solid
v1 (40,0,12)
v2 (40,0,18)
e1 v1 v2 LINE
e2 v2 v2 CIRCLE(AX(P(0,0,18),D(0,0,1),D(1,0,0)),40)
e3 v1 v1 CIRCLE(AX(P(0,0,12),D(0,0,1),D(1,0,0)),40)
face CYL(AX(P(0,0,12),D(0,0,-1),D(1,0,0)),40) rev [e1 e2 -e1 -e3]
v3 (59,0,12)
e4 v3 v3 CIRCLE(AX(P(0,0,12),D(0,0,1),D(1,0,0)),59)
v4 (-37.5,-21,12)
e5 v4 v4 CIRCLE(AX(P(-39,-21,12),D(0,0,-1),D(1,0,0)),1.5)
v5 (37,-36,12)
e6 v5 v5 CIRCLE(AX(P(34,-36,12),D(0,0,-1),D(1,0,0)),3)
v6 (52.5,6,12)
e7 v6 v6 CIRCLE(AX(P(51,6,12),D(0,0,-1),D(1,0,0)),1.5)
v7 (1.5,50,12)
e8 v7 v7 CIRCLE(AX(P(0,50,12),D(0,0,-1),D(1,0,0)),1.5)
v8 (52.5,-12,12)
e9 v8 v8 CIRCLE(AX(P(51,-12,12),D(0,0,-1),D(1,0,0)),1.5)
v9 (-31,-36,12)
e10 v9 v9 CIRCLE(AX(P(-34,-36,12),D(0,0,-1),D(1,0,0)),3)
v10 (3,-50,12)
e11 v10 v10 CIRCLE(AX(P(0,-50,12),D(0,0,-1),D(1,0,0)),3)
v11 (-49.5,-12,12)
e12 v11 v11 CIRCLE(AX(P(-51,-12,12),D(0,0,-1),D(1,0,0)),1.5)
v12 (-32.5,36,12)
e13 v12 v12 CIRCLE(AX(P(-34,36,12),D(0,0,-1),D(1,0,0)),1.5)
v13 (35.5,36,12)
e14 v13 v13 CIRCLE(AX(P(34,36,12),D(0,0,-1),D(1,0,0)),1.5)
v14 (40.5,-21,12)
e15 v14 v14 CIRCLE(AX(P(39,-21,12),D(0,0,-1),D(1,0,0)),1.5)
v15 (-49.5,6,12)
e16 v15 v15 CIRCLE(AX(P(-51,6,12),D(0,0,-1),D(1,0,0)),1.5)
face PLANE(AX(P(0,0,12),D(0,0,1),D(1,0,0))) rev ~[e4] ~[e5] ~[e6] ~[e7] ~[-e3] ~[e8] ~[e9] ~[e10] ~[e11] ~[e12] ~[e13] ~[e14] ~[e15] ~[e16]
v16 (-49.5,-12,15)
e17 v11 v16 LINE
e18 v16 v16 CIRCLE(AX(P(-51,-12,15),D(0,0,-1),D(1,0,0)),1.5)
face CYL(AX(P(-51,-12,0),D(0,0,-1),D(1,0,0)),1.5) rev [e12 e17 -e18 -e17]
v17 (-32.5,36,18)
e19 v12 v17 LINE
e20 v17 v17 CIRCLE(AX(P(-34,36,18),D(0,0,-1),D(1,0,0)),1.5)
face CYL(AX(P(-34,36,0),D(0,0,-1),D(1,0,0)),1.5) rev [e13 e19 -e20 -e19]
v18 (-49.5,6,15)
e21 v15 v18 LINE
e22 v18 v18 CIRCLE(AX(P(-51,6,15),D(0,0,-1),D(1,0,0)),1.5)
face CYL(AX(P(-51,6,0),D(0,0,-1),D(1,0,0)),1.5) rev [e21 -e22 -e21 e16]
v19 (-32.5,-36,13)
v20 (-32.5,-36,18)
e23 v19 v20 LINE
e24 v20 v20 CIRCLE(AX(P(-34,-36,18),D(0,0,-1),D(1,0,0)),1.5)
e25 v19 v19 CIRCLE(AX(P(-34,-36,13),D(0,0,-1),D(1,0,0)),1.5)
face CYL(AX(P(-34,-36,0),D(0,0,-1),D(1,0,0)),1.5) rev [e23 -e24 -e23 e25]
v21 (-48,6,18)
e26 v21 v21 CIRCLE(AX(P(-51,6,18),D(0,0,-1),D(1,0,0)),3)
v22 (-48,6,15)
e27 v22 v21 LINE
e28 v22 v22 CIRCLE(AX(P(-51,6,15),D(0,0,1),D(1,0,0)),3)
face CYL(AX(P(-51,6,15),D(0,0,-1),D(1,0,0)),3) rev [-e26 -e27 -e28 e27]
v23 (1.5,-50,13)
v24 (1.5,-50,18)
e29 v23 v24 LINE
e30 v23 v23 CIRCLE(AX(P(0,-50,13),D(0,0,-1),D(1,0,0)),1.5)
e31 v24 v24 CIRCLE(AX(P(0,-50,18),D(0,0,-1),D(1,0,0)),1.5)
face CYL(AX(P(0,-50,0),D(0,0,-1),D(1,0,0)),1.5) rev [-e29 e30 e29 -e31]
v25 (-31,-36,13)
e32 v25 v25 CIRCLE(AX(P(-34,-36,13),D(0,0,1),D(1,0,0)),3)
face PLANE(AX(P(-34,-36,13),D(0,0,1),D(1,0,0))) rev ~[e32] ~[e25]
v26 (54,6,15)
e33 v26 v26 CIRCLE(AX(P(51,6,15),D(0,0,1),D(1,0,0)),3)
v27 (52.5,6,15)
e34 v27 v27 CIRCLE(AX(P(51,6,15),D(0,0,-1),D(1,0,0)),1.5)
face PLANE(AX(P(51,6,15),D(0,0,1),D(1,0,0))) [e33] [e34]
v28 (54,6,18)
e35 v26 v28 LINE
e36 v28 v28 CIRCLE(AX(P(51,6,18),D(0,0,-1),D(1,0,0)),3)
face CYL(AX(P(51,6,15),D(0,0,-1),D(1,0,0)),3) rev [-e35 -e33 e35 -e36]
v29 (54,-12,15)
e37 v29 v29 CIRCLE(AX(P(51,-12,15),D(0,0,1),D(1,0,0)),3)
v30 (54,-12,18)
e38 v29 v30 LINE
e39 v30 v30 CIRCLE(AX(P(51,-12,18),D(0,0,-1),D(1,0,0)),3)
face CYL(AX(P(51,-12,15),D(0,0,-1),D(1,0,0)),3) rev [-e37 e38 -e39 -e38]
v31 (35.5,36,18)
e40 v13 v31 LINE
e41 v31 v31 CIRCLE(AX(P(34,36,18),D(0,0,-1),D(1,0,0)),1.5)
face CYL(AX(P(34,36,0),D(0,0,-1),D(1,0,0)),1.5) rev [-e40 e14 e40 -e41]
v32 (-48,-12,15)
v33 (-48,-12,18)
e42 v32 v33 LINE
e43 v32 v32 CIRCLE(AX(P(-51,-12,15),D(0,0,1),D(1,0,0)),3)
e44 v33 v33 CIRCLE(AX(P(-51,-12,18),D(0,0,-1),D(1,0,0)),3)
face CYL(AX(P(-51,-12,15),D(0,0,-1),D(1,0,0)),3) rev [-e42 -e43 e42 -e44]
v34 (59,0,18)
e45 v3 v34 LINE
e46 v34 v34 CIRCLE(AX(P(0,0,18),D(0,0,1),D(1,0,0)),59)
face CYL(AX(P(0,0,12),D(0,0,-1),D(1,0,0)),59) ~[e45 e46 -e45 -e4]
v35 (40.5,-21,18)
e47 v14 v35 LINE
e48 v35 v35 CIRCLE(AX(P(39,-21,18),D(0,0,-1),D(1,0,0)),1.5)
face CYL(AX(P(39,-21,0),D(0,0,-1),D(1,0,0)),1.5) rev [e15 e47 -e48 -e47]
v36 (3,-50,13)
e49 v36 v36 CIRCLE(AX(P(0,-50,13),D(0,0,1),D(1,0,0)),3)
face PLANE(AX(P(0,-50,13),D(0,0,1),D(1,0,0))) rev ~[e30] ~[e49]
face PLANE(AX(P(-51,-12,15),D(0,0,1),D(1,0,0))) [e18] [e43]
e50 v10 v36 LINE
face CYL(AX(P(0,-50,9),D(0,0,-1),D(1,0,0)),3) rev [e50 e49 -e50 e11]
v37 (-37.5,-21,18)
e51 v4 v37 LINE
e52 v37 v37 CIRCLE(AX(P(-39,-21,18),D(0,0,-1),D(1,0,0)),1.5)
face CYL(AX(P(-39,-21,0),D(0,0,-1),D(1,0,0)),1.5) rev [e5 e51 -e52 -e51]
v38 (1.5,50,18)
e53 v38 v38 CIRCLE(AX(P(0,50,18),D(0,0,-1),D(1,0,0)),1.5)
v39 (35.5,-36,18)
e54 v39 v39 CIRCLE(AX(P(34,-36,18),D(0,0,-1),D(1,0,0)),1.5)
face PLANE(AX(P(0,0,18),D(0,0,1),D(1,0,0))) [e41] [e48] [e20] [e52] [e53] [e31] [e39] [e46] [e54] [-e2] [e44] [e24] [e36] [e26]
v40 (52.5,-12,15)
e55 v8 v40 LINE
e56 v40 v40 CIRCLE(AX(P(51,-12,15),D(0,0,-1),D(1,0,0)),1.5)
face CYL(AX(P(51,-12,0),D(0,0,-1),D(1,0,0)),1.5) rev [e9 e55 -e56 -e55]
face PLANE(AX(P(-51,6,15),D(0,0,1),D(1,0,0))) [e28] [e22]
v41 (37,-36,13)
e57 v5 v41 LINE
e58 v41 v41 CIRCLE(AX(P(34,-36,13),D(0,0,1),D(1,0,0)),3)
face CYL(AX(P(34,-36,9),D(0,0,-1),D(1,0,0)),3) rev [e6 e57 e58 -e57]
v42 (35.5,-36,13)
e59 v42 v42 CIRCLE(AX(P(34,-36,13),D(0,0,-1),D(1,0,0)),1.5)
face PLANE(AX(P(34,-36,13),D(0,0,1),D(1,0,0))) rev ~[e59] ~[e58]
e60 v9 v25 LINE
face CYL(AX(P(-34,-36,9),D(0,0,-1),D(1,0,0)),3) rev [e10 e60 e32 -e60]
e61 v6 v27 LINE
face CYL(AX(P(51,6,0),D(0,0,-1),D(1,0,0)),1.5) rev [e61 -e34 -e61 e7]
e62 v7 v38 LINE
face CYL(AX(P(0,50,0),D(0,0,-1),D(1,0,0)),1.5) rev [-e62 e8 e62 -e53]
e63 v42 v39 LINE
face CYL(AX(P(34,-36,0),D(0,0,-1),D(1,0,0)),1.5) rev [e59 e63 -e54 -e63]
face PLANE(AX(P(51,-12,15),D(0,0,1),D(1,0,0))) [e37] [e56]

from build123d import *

# Parameters (mm, degrees)
CYLINDER531_R     = 1.5
CYLINDER531_DEPTH = 100
CYLINDER530_R     = 1.5
CYLINDER530_DEPTH = 100
CYLINDER368_R     = 1.5
CYLINDER368_DEPTH = 50
CYLINDER369_R     = 3
CYLINDER369_DEPTH = 4
CYLINDER366_R     = 1.5
CYLINDER366_DEPTH = 50
CYLINDER358_R     = 1.5
CYLINDER358_DEPTH = 50
CYLINDER357_R     = 1.5
CYLINDER357_DEPTH = 50
CYLINDER361_R     = 3
CYLINDER361_DEPTH = 4
CYLINDER362_R     = 3
CYLINDER362_DEPTH = 4
CYLINDER332_R     = 3
CYLINDER332_DEPTH = 4
CYLINDER333_R     = 3
CYLINDER333_DEPTH = 4
CYLINDER352_R     = 3
CYLINDER352_DEPTH = 4
CYLINDER351_R     = 3
CYLINDER351_DEPTH = 4
CYLINDER344_R     = 1.5
CYLINDER344_DEPTH = 50
CYLINDER343_R     = 1.5
CYLINDER343_DEPTH = 50
CYLINDER340_R     = 1.5
CYLINDER340_DEPTH = 50
CYLINDER339_R     = 1.5
CYLINDER339_DEPTH = 50
CYLINDER338_R     = 1.5
CYLINDER338_DEPTH = 100
CYLINDER337_R     = 1.5
CYLINDER337_DEPTH = 100
CYLINDER301_R     = 1.5
CYLINDER301_DEPTH = 50
CYLINDER302_R     = 1.5
CYLINDER302_DEPTH = 50
TUBE018_R         = 59
TUBE018_R_2       = 40
TUBE018_DEPTH     = 6


with BuildPart() as v_lec531:
    # Cylinder531 → Cylinder531 (new body)
    with BuildSketch(Plane(origin=(39, -21, 0), x_dir=(1, 0, 0), z_dir=(0, 0, 1))):
        Circle(CYLINDER531_R)
    extrude(amount=CYLINDER531_DEPTH)


with BuildPart() as compound308:
    # Cylinder530 → Cylinder530 (new body)
    with BuildSketch(Plane(origin=(-39, -21, 0), x_dir=(1, 0, 0), z_dir=(0, 0, 1))):
        Circle(CYLINDER530_R)
    extrude(amount=CYLINDER530_DEPTH)

    # Compound308: union Válec531
    add(v_lec531.part)


with BuildPart() as v_lec368:
    # Cylinder368 → Cylinder368 (new body)
    with BuildSketch(Plane(origin=(0, -50, 0), x_dir=(1, 0, 0), z_dir=(0, 0, 1))):
        Circle(CYLINDER368_R)
    extrude(amount=CYLINDER368_DEPTH)


with BuildPart() as v_lec369:
    # Cylinder369 → Cylinder369 (new body)
    with BuildSketch(Plane(origin=(0, -50, 9), x_dir=(1, 0, 0), z_dir=(0, 0, 1))):
        Circle(CYLINDER369_R)
    extrude(amount=CYLINDER369_DEPTH)


with BuildPart() as v_lec366:
    # Cylinder366 → Cylinder366 (new body)
    with BuildSketch(Plane(origin=(0, 50, 0), x_dir=(1, 0, 0), z_dir=(0, 0, 1))):
        Circle(CYLINDER366_R)
    extrude(amount=CYLINDER366_DEPTH)


with BuildPart() as v_lec358:
    # Cylinder358 → Cylinder358 (new body)
    with BuildSketch(Plane(origin=(-34, -36, 0), x_dir=(1, 0, 0), z_dir=(0, 0, 1))):
        Circle(CYLINDER358_R)
    extrude(amount=CYLINDER358_DEPTH)


with BuildPart() as compound306:
    # Cylinder357 → Cylinder357 (new body)
    with BuildSketch(Plane(origin=(34, -36, 0), x_dir=(1, 0, 0), z_dir=(0, 0, 1))):
        Circle(CYLINDER357_R)
    extrude(amount=CYLINDER357_DEPTH)

    # Compound306: union Válec358
    add(v_lec358.part)


with BuildPart() as v_lec361:
    # Cylinder361 → Cylinder361 (new body)
    with BuildSketch(Plane(origin=(-34, -36, 0), x_dir=(1, 0, 0), z_dir=(0, 0, 1))):
        Circle(CYLINDER361_R)
    extrude(amount=CYLINDER361_DEPTH)


with BuildPart() as compound307:
    # Cylinder362 → Cylinder362 (new body)
    with BuildSketch(Plane(origin=(34, -36, 0), x_dir=(1, 0, 0), z_dir=(0, 0, 1))):
        Circle(CYLINDER362_R)
    extrude(amount=CYLINDER362_DEPTH)

    # Compound307: union Válec361
    add(v_lec361.part)


with BuildPart() as compound307_1:
    # Compound307 placement: moved
    add(compound307.part.moved(Location((0, 0, 9))))


with BuildPart() as v_lec332:
    # Cylinder332 → Cylinder332 (new body)
    with BuildSketch(Plane(origin=(-51, 6, 17), x_dir=(1, 0, 0), z_dir=(0, 0, 1))):
        Circle(CYLINDER332_R)
    extrude(amount=CYLINDER332_DEPTH)


with BuildPart() as compound300:
    # Cylinder333 → Cylinder333 (new body)
    with BuildSketch(Plane(origin=(51, 6, 17), x_dir=(1, 0, 0), z_dir=(0, 0, 1))):
        Circle(CYLINDER333_R)
    extrude(amount=CYLINDER333_DEPTH)

    # Compound300: union Válec332
    add(v_lec332.part)


with BuildPart() as compound300_1:
    # Compound300 placement: moved
    add(compound300.part.moved(Location((0, 0, -2))))


with BuildPart() as v_lec352:
    # Cylinder352 → Cylinder352 (new body)
    with BuildSketch(Plane(origin=(51, -12, 0), x_dir=(1, 0, 0), z_dir=(0, 0, 1))):
        Circle(CYLINDER352_R)
    extrude(amount=CYLINDER352_DEPTH)


with BuildPart() as compound303:
    # Cylinder351 → Cylinder351 (new body)
    with BuildSketch(Plane(origin=(-51, -12, 0), x_dir=(1, 0, 0), z_dir=(0, 0, 1))):
        Circle(CYLINDER351_R)
    extrude(amount=CYLINDER351_DEPTH)

    # Compound303: union Válec352
    add(v_lec352.part)


with BuildPart() as compound303_1:
    # Compound303 placement: moved
    add(compound303.part.moved(Location((0, 0, 15))))


with BuildPart() as v_lec344:
    # Cylinder344 → Cylinder344 (new body)
    with BuildSketch(Plane(origin=(-34, 36, 0), x_dir=(1, 0, 0), z_dir=(0, 0, 1))):
        Circle(CYLINDER344_R)
    extrude(amount=CYLINDER344_DEPTH)


with BuildPart() as v_lec343:
    # Cylinder343 → Cylinder343 (new body)
    with BuildSketch(Plane(origin=(34, 36, 0), x_dir=(1, 0, 0), z_dir=(0, 0, 1))):
        Circle(CYLINDER343_R)
    extrude(amount=CYLINDER343_DEPTH)


with BuildPart() as v_lec340:
    # Cylinder340 → Cylinder340 (new body)
    with BuildSketch(Plane(origin=(51, 6, 0), x_dir=(1, 0, 0), z_dir=(0, 0, 1))):
        Circle(CYLINDER340_R)
    extrude(amount=CYLINDER340_DEPTH)


with BuildPart() as v_lec339:
    # Cylinder339 → Cylinder339 (new body)
    with BuildSketch(Plane(origin=(-51, 6, 0), x_dir=(1, 0, 0), z_dir=(0, 0, 1))):
        Circle(CYLINDER339_R)
    extrude(amount=CYLINDER339_DEPTH)


with BuildPart() as v_lec338:
    # Cylinder338 → Cylinder338 (new body)
    with BuildSketch(Plane(origin=(51, -12, 0), x_dir=(1, 0, 0), z_dir=(0, 0, 1))):
        Circle(CYLINDER338_R)
    extrude(amount=CYLINDER338_DEPTH)


with BuildPart() as compound301:
    # Cylinder337 → Cylinder337 (new body)
    with BuildSketch(Plane(origin=(-51, -12, 0), x_dir=(1, 0, 0), z_dir=(0, 0, 1))):
        Circle(CYLINDER337_R)
    extrude(amount=CYLINDER337_DEPTH)

    # Compound301: union Válec344, Válec343, Válec340, Válec339, Válec338
    add(v_lec344.part)
    add(v_lec343.part)
    add(v_lec340.part)
    add(v_lec339.part)
    add(v_lec338.part)


with BuildPart() as v_lec301:
    # Cylinder301 → Cylinder301 (new body)
    with BuildSketch(Plane(origin=(34, 36, 0), x_dir=(1, 0, 0), z_dir=(0, 0, 1))):
        Circle(CYLINDER301_R)
    extrude(amount=CYLINDER301_DEPTH)


with BuildPart() as compound285:
    # Cylinder302 → Cylinder302 (new body)
    with BuildSketch(Plane(origin=(-34, 36, 0), x_dir=(1, 0, 0), z_dir=(0, 0, 1))):
        Circle(CYLINDER302_R)
    extrude(amount=CYLINDER302_DEPTH)

    # Compound285: union Válec301
    add(v_lec301.part)


with BuildPart() as cut:
    # Tube018 → Tube018 (new body)
    with BuildSketch(Plane.XY.offset(12)):
        Circle(TUBE018_R)
        Circle(TUBE018_R_2, mode=Mode.SUBTRACT)
    extrude(amount=TUBE018_DEPTH)

    # Cut133: cut Compound285
    add(compound285.part, mode=Mode.SUBTRACT)

    # Cut145: cut Compound301
    add(compound301.part, mode=Mode.SUBTRACT)

    # Cut146: cut Compound303
    add(compound303_1.part, mode=Mode.SUBTRACT)

    # Cut147: cut Compound300
    add(compound300_1.part, mode=Mode.SUBTRACT)

    # Cut151: cut Compound307
    add(compound307_1.part, mode=Mode.SUBTRACT)

    # Cut152: cut Compound306
    add(compound306.part, mode=Mode.SUBTRACT)

    # Cut156: cut Válec366
    add(v_lec366.part, mode=Mode.SUBTRACT)

    # Cut158: cut Válec369
    add(v_lec369.part, mode=Mode.SUBTRACT)

    # Cut159: cut Válec368
    add(v_lec368.part, mode=Mode.SUBTRACT)

    # Cut: cut Compound308
    add(compound308.part, mode=Mode.SUBTRACT)


solid = cut.part
